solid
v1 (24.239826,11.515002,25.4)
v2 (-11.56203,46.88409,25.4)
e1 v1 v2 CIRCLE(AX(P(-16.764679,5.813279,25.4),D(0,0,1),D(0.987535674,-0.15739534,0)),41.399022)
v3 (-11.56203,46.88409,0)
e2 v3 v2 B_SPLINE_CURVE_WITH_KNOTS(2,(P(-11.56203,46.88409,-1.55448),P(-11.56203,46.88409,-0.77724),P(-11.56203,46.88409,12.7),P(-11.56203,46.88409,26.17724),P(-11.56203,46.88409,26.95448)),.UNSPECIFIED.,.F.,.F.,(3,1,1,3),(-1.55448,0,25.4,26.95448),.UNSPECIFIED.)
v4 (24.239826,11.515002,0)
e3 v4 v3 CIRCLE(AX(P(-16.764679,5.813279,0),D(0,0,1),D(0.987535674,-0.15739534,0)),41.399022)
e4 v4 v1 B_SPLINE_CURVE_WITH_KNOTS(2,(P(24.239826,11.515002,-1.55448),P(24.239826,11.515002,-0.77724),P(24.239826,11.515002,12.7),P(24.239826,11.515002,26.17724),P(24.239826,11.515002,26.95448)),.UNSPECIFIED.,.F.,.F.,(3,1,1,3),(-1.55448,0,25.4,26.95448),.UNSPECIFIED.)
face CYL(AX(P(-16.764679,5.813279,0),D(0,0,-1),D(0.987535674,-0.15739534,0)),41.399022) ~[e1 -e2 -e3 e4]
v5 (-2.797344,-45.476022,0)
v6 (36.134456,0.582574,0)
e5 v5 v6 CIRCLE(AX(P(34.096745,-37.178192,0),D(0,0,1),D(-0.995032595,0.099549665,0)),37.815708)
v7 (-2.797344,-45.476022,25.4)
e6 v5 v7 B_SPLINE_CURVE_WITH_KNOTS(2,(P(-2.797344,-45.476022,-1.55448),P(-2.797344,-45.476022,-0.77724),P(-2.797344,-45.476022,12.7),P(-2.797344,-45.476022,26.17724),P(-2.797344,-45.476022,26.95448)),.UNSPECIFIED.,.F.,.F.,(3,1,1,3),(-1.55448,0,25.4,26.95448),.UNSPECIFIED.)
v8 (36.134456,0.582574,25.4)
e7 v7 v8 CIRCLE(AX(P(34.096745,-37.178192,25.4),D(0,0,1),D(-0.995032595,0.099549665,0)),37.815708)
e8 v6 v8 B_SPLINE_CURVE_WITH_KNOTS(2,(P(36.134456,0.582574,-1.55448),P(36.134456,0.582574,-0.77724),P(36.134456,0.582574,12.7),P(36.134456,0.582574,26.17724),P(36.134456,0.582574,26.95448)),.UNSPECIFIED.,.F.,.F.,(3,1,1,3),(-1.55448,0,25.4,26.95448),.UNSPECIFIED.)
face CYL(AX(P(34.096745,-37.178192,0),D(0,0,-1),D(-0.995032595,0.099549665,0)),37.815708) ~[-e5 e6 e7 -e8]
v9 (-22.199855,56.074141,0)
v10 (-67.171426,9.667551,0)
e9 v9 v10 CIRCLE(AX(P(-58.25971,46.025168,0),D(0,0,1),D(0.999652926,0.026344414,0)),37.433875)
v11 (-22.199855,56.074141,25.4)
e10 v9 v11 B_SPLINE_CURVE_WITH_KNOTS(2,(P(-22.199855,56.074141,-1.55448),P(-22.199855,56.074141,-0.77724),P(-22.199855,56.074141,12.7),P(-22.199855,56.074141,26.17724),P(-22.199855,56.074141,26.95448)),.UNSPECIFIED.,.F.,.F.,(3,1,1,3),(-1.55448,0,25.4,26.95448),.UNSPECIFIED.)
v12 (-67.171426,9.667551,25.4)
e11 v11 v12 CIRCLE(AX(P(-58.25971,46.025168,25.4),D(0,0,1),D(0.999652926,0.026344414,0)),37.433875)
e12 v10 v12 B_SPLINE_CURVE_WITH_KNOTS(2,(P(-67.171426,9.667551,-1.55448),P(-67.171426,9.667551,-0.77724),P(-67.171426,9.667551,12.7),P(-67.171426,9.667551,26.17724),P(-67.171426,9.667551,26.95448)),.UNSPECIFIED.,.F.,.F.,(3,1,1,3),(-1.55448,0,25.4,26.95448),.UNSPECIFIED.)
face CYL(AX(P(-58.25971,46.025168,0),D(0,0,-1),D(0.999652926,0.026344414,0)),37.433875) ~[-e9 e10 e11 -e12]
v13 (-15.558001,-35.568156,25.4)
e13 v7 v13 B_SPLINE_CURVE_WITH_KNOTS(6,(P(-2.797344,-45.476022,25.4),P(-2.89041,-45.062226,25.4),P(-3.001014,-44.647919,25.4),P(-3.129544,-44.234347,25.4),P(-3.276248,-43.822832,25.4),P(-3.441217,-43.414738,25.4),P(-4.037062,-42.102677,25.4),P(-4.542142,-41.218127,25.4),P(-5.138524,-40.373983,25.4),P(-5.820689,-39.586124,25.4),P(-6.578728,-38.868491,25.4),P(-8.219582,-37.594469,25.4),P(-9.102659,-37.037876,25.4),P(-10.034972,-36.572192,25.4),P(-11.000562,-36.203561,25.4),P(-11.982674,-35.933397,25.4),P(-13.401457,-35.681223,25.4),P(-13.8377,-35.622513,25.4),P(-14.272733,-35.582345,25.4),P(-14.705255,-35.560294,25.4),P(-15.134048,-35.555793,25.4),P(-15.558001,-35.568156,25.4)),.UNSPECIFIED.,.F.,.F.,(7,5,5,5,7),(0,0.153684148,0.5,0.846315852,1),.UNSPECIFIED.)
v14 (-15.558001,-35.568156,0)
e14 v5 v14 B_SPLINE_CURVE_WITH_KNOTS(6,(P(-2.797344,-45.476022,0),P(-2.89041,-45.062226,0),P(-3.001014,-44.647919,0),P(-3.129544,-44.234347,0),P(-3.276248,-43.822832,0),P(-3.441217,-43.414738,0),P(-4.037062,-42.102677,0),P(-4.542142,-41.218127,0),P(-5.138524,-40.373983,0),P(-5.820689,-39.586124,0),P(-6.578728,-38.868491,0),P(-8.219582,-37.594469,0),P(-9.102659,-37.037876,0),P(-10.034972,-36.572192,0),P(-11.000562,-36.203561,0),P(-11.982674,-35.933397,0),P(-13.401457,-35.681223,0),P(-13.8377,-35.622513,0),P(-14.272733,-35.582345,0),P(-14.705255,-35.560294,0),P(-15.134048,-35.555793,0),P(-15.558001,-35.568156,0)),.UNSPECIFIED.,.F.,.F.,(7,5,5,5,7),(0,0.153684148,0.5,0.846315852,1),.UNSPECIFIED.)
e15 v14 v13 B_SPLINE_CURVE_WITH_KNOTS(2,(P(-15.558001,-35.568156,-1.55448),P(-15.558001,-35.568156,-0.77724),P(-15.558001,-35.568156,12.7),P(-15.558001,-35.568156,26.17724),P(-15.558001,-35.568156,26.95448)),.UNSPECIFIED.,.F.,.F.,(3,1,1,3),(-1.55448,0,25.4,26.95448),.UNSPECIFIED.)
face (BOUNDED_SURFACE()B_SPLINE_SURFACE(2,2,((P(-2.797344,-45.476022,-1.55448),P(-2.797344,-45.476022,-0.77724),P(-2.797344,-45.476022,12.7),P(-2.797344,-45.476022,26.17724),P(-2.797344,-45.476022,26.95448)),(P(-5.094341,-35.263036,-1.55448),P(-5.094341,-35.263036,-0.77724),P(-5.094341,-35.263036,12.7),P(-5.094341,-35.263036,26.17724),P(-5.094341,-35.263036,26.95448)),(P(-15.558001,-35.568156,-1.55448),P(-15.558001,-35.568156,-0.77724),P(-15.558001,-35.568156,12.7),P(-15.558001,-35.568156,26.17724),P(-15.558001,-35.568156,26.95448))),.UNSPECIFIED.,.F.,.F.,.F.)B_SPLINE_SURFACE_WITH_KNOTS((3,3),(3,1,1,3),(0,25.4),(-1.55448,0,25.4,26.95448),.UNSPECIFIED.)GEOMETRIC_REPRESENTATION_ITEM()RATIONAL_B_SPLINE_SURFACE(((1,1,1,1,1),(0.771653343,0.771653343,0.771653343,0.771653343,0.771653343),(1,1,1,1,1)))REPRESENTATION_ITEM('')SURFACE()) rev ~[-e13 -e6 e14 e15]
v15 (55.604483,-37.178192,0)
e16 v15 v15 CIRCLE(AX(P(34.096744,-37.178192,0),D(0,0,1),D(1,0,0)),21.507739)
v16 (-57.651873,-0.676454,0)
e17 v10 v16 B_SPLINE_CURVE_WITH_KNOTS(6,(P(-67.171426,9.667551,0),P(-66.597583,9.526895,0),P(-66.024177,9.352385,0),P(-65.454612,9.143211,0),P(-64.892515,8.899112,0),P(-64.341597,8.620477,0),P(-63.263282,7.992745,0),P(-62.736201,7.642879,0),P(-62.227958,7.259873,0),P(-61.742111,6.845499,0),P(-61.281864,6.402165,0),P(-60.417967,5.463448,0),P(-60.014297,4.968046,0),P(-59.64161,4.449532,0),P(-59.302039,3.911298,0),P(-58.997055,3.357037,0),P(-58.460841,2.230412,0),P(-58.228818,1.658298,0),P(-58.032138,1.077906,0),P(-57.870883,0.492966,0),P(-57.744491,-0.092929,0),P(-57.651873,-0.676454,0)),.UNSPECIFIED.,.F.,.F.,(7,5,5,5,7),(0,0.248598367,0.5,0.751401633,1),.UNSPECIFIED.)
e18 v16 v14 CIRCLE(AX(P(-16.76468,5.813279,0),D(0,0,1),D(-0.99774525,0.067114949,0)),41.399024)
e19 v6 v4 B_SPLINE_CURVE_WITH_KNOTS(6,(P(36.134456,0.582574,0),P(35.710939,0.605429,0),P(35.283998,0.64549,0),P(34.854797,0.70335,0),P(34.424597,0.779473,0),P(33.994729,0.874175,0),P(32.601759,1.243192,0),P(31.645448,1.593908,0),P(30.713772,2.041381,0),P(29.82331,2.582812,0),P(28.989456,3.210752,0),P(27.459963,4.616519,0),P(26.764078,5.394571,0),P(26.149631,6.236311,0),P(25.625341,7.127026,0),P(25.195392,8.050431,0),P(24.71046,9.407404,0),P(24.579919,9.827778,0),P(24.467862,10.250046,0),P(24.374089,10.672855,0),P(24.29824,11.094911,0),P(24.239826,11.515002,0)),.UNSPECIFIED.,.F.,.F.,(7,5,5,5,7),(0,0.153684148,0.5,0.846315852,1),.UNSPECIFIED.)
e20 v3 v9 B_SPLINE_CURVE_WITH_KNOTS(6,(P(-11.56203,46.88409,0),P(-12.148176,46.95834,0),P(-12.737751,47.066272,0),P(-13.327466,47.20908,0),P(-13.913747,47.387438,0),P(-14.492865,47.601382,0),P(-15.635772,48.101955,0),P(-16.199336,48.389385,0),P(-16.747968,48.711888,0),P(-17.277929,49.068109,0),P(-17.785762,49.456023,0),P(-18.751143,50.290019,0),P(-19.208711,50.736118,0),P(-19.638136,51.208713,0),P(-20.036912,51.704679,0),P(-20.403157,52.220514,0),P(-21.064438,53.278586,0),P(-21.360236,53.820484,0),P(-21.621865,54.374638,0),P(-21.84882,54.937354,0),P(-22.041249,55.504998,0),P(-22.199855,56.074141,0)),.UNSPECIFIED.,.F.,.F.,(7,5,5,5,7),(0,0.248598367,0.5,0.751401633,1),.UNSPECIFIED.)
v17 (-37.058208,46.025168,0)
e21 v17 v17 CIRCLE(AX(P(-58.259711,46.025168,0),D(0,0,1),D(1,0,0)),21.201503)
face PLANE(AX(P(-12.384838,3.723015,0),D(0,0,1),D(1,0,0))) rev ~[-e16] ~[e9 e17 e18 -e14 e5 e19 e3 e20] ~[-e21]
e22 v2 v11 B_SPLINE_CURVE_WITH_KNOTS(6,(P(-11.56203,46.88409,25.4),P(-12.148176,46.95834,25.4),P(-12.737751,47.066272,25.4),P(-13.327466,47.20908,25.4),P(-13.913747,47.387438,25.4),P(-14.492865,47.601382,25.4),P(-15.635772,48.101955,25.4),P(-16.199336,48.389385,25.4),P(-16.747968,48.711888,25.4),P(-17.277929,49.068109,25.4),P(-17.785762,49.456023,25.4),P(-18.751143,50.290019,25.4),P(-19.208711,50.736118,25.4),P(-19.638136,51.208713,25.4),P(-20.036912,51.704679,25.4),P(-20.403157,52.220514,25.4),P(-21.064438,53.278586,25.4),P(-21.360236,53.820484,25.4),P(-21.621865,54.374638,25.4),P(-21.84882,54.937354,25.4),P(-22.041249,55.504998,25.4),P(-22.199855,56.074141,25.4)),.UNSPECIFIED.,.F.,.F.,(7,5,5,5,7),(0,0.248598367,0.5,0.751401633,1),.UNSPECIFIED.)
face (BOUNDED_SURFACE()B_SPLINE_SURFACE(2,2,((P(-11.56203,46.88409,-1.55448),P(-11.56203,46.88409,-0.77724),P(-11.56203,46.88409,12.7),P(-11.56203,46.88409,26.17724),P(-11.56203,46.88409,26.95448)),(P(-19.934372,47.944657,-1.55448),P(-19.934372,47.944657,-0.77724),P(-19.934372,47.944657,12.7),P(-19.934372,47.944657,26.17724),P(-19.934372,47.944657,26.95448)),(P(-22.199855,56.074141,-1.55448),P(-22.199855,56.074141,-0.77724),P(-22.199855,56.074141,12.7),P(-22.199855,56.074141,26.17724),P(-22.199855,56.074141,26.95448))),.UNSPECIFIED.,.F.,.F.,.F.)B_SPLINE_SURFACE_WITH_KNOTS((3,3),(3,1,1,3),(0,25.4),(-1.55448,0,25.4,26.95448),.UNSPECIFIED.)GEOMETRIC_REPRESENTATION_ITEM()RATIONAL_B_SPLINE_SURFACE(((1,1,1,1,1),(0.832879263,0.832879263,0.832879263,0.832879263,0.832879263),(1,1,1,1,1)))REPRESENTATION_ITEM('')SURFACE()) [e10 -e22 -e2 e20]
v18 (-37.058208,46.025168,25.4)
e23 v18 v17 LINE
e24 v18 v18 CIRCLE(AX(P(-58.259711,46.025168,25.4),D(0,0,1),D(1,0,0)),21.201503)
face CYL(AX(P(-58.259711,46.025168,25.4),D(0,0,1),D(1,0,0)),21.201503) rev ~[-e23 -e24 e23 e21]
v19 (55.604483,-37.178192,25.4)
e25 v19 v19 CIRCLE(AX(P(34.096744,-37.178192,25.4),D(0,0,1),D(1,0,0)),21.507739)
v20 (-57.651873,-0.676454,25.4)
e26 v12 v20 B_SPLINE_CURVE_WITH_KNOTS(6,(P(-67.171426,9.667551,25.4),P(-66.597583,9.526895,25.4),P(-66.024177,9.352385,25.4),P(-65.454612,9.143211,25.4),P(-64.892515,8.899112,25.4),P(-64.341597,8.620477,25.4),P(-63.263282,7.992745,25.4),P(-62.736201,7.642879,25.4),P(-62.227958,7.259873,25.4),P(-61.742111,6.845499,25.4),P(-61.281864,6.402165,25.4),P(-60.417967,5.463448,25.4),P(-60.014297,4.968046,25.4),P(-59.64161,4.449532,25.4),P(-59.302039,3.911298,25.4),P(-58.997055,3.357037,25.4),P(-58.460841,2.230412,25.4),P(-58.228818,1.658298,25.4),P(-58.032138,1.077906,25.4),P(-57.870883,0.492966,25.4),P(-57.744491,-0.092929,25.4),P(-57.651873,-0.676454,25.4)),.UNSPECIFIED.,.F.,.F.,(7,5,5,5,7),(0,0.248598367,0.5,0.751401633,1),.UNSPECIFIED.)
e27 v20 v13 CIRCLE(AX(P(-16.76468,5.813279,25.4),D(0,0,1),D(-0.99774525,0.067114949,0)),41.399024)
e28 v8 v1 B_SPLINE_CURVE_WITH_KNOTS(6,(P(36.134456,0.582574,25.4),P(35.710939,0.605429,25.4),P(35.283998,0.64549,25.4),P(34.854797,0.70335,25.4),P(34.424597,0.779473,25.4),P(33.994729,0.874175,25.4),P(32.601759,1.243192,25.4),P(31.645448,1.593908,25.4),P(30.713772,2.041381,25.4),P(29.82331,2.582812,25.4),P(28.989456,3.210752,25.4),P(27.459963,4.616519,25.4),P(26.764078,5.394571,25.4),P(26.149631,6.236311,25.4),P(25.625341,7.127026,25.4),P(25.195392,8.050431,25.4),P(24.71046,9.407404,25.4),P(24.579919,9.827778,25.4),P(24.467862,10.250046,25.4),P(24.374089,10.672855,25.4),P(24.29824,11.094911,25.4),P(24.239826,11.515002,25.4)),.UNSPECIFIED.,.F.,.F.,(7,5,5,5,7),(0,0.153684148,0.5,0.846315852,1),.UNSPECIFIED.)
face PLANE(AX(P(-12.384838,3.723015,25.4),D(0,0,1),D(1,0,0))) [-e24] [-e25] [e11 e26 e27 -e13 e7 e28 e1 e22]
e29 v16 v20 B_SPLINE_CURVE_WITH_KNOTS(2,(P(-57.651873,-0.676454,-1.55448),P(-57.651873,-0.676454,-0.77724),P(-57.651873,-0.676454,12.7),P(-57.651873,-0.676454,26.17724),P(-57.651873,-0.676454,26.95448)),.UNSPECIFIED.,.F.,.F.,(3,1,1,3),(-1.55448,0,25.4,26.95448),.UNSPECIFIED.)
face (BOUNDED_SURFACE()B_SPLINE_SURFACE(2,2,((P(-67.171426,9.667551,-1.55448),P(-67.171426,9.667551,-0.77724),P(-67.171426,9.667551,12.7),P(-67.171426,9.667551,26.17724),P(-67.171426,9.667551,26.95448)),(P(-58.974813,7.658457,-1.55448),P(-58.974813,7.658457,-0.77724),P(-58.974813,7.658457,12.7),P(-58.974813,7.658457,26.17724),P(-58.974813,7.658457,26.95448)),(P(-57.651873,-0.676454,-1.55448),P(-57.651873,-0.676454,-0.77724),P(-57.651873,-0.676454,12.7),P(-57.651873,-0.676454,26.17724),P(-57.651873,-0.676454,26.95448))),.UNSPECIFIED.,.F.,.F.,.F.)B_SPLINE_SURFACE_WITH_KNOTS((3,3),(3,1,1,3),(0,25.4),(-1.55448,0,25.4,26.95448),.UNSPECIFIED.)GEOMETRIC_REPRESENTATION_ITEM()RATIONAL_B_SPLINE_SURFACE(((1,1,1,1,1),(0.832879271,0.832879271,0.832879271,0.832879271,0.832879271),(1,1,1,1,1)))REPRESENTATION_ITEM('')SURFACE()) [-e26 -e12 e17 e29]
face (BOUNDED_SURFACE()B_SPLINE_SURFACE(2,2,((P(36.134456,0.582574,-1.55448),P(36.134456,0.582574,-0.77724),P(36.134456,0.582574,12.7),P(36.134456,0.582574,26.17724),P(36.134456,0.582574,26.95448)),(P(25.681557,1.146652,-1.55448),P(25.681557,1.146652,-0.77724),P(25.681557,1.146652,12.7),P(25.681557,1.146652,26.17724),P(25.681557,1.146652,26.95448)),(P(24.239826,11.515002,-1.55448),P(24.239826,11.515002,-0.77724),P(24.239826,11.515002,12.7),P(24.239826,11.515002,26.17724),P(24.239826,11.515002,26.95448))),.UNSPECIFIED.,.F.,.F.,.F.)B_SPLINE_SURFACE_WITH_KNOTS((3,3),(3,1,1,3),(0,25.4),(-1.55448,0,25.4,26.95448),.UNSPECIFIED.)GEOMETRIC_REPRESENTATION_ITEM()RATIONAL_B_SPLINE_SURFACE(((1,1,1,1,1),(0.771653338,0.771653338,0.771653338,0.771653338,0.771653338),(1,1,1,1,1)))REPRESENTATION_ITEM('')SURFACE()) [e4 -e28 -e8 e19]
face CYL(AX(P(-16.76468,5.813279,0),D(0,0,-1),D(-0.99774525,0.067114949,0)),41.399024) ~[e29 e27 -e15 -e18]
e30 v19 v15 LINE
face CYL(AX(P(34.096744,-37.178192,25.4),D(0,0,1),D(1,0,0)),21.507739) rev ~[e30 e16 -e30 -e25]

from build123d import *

# Parameters (mm, degrees)
F1_DEPTH = 25.4
F2_R     = 21.201503
F3_DEPTH = 25.401
F4_R     = 12.7
F5_R     = 12.7
F6_R     = 12.7
F7_R     = 12.7
F8_R     = 21.507739
F9_DEPTH = 25.401


with BuildPart() as f1:
    # F0 (on Top) → F1 (new body)
    with BuildSketch(Plane.XY):
        with BuildLine():
            ThreePointArc((24.118333, -0.702734), (13.366391, 34.203378), (-20.838827, 47.011342))
            ThreePointArc((-20.838827, 47.011342), (-85.141829, 72.076017), (-58.070359, 8.591772))
            ThreePointArc((-58.070359, 8.591772), (-42.025812, -26.985416), (-3.531117, -33.413651))
            ThreePointArc((-3.531117, -33.413651), (62.977366, -61.590022), (24.118333, -0.702734))
        make_face()
    extrude(amount=F1_DEPTH)

    # F2 (on face) → F3 (cut, through all)
    with BuildSketch(Plane.XY.offset(25.4)):
        with Locations((-58.259711, 46.025168)):
            Circle(F2_R)
    extrude(amount=-F3_DEPTH, mode=Mode.SUBTRACT)

    # F4
    f4_edges = [f1.edges().sort_by_distance(p)[0] for p in [
        (-3.531117, -33.413651, 12.7),
    ]]
    fillet(f4_edges, radius=F4_R)

    # F5
    f5_edges = [f1.edges().sort_by_distance(p)[0] for p in [
        (24.118333, -0.702734, 12.7),
    ]]
    fillet(f5_edges, radius=F5_R)

    # F6
    f6_edges = [f1.edges().sort_by_distance(p)[0] for p in [
        (-20.838827, 47.011342, 12.7),
    ]]
    fillet(f6_edges, radius=F6_R)

    # F7
    f7_edges = [f1.edges().sort_by_distance(p)[0] for p in [
        (-58.070359, 8.591772, 12.7),
    ]]
    fillet(f7_edges, radius=F7_R)

    # F8 (on face) → F9 (cut, through all)
    with BuildSketch(Plane.XY.offset(25.4)):
        with Locations((34.096744, -37.178192)):
            Circle(F8_R)
    extrude(amount=-F9_DEPTH, mode=Mode.SUBTRACT)


solid = f1.part
